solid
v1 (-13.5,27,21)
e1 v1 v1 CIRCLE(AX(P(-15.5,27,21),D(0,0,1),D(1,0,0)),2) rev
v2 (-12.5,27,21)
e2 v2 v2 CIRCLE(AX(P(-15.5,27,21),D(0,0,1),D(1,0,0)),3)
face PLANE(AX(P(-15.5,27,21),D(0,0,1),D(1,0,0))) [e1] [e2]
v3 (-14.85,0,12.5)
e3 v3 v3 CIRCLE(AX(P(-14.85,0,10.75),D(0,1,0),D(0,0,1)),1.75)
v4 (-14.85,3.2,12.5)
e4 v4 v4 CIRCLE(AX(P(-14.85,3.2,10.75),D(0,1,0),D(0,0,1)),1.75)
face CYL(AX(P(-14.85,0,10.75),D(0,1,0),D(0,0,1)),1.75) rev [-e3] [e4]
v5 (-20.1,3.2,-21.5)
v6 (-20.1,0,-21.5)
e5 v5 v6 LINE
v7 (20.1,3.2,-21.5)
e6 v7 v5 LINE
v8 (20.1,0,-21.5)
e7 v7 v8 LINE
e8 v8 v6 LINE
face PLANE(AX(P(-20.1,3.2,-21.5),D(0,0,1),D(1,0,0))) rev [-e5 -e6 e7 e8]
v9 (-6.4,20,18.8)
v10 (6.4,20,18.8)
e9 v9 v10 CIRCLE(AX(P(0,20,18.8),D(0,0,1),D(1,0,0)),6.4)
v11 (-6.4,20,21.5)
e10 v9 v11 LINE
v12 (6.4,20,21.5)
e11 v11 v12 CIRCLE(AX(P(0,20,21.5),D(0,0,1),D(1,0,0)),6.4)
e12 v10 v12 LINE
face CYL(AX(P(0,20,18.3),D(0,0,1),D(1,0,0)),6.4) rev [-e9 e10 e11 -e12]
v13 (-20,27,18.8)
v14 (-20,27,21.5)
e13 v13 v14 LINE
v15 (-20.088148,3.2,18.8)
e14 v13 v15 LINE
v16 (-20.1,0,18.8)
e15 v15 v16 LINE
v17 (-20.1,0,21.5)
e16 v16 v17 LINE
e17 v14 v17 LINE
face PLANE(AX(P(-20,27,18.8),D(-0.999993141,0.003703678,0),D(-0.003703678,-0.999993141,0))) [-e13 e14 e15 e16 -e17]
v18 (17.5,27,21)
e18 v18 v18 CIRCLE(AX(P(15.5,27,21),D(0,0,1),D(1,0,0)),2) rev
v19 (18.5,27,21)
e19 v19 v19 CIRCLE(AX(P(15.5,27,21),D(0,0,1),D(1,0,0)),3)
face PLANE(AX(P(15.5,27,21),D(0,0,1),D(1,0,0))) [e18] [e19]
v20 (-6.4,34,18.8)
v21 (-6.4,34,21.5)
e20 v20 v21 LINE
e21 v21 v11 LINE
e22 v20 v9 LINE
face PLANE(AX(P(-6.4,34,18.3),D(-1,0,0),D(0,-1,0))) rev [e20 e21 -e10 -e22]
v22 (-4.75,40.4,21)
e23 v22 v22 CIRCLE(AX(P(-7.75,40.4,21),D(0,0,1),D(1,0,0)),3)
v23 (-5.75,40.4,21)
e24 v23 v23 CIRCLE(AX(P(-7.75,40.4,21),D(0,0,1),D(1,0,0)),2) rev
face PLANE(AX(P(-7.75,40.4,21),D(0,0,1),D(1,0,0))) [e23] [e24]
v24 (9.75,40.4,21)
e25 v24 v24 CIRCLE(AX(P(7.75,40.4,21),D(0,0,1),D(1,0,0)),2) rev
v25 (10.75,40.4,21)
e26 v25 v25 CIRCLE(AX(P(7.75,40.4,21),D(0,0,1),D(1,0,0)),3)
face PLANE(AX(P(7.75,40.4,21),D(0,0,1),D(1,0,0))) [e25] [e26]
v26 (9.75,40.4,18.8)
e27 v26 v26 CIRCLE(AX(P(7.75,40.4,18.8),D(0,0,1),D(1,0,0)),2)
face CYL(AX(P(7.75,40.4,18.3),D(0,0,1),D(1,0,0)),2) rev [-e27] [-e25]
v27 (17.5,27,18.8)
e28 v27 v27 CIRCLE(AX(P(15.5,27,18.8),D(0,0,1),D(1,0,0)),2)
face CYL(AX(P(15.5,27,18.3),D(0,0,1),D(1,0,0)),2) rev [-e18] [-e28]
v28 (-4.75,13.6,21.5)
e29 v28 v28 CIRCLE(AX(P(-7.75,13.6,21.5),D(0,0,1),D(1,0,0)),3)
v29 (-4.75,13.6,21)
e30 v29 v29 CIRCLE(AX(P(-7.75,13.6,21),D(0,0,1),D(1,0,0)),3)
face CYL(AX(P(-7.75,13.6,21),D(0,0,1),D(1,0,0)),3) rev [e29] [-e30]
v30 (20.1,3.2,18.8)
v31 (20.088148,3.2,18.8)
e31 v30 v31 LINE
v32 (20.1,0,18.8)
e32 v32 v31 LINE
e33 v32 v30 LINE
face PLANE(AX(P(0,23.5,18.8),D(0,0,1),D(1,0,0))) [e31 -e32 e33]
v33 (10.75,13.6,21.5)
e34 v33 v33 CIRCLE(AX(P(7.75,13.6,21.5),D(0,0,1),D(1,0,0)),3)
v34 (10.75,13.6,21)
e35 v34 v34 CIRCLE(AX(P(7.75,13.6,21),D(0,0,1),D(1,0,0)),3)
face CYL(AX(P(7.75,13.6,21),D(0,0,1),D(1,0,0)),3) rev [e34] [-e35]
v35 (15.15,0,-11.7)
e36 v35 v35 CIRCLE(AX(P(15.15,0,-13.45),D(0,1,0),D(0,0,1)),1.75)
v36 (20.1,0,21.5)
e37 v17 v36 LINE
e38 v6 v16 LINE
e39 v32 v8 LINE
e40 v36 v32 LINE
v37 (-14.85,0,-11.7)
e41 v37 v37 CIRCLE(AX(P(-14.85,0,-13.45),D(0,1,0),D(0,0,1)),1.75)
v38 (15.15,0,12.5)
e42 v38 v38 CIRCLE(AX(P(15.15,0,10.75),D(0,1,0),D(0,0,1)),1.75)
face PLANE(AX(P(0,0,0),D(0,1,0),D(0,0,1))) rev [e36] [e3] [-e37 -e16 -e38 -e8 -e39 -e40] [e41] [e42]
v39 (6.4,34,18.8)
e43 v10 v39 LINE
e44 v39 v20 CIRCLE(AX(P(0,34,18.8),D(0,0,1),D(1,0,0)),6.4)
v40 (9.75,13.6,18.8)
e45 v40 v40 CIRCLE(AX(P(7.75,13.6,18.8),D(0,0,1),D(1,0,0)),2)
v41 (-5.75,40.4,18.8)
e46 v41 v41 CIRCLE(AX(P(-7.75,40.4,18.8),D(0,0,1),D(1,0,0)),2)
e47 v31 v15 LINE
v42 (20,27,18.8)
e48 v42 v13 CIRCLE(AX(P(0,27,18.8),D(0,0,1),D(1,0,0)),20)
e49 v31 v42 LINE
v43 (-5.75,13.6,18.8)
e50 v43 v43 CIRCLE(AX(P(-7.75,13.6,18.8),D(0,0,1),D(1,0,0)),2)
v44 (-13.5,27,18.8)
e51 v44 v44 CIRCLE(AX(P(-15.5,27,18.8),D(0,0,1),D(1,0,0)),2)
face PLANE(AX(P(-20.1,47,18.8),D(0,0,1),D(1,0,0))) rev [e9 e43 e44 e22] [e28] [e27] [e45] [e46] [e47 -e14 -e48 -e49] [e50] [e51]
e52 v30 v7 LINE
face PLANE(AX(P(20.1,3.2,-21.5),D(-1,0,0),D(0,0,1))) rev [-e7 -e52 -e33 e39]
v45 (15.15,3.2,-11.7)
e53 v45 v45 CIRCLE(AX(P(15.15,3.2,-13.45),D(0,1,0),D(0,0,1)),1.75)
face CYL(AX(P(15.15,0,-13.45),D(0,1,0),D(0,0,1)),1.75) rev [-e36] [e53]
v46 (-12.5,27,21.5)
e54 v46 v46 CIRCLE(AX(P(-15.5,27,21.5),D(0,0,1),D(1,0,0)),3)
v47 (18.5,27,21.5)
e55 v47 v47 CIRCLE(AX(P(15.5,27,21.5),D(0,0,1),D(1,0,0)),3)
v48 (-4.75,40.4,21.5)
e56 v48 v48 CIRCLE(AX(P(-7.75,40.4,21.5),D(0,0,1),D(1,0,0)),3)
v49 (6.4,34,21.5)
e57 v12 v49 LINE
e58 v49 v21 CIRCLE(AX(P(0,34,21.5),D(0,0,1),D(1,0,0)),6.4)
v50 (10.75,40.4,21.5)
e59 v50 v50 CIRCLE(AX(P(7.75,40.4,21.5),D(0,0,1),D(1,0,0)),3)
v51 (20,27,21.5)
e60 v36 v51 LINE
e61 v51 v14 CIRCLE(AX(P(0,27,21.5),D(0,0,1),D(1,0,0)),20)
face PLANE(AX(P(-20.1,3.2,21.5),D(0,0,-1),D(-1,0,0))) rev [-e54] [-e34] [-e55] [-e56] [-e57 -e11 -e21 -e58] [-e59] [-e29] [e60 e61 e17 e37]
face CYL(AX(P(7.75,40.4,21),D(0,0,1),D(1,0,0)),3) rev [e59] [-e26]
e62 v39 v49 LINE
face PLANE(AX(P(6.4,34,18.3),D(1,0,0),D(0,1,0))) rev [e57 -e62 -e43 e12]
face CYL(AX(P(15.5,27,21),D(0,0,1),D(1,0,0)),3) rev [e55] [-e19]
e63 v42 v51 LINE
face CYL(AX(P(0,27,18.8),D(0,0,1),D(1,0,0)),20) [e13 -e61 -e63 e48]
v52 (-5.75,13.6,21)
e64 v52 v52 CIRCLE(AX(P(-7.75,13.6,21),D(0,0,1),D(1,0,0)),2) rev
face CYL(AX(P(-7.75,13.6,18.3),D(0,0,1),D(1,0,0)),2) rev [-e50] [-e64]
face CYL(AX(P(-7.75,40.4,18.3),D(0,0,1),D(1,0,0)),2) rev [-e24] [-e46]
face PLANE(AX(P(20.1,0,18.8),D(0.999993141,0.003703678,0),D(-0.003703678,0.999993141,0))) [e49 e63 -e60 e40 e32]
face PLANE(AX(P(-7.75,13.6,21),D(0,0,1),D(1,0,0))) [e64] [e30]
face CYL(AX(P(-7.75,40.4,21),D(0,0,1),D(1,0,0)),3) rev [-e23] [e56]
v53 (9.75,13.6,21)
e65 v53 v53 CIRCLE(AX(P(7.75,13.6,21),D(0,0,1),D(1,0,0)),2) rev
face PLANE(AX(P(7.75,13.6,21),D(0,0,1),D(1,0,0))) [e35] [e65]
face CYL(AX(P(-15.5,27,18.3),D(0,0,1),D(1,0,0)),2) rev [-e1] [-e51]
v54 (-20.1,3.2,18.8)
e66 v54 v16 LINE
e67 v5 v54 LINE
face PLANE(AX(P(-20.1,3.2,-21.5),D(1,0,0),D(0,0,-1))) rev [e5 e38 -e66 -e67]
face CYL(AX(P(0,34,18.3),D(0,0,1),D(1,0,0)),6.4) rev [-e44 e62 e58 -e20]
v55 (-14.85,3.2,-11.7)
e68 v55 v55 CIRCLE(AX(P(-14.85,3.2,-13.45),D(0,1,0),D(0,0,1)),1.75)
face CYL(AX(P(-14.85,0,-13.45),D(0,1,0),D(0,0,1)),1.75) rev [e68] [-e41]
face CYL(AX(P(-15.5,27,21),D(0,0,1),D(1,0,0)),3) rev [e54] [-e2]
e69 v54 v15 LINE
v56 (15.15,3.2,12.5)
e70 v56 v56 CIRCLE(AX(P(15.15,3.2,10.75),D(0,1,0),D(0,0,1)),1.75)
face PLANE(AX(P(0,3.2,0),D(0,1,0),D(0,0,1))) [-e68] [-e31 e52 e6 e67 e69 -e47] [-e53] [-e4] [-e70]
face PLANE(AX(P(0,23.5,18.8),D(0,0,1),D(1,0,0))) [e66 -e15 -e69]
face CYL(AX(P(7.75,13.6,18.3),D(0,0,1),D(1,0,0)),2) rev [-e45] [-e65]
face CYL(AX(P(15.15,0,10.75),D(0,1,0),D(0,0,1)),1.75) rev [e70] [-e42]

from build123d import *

# Parameters (mm, degrees)
SKETCH_1_W          = 40.2
SKETCH_1_H          = 43
EXTRUDE_1_DEPTH     = 3.2
SKETCH_3_W          = 40.2
SKETCH_3_H          = 2.7
EXTRUDE_3_DEPTH     = 43.8
SKETCH_4_OUTSIDE_W  = 57.266
SKETCH_4_OUTSIDE_H  = 64.066
CUT_EXTRUDE_2_DEPTH = 2.7
SKETCH_5_R          = 1.75
CUT_EXTRUDE_3_DEPTH = 53.770256774
CUT_EXTRUDE_4_DEPTH = 3.2
SKETCH_7_R          = 2
CUT_EXTRUDE_5_DEPTH = 3.2
SKETCH_8_R          = 3
CUT_EXTRUDE_6_DEPTH = 0.5


with BuildPart() as part:
    # 草图1 → 凸台-拉伸1 (new body)
    with BuildSketch(Plane(origin=(0, 0, 0), x_dir=(1, 0, 0), z_dir=(0, 1, 0))):
        Rectangle(SKETCH_1_W, SKETCH_1_H)
    extrude(amount=EXTRUDE_1_DEPTH)

    # 草图3 → 凸台-拉伸3 (add)
    with BuildSketch(Plane(origin=(0, 3.2, 0), x_dir=(1, 0, 0), z_dir=(0, 1, 0))):
        with Locations((0, -20.15)):
            Rectangle(SKETCH_3_W, SKETCH_3_H)
    extrude(amount=EXTRUDE_3_DEPTH)

    # 草图4 outside → 切除-拉伸2 (cut)
    with BuildSketch(Plane.XY.offset(21.5)):
        with Locations((0, 23.5)):
            Rectangle(SKETCH_4_OUTSIDE_W, SKETCH_4_OUTSIDE_H)
        with BuildLine():
            Line((-20, 27), (-20.1, 0))
            Line((-20.1, 0), (20.1, 0))
            Line((20.1, 0), (20, 27))
            ThreePointArc((20, 27), (0, 47), (-20, 27))
        make_face(mode=Mode.SUBTRACT)
    extrude(amount=-CUT_EXTRUDE_2_DEPTH, mode=Mode.SUBTRACT)

    # 草图5 → 切除-拉伸3 (cut, through all)
    with BuildSketch(Plane(origin=(0, 3.2, 0), x_dir=(1, 0, 0), z_dir=(0, 1, 0))):
        with Locations(Location((-14.85, 13.45, 0), (0, 0, 270))):
            Circle(SKETCH_5_R)
        with Locations(Location((15.15, -10.75, 0), (0, 0, 270))):
            Circle(SKETCH_5_R)
        with Locations(Location((-14.85, -10.75, 0), (0, 0, 270))):
            Circle(SKETCH_5_R)
        with Locations(Location((15.15, 13.45, 0), (0, 0, 270))):
            Circle(SKETCH_5_R)
    extrude(amount=-CUT_EXTRUDE_3_DEPTH, mode=Mode.SUBTRACT)

    # 草图6 → 切除-拉伸4 (cut)
    with BuildSketch(Plane.XY.offset(21.5)):
        with BuildLine():
            Line((-6.4, 34), (-6.4, 20))
            ThreePointArc((-6.4, 20), (0, 13.6), (6.4, 20))
            Line((6.4, 20), (6.4, 34))
            ThreePointArc((6.4, 34), (0, 40.4), (-6.4, 34))
        make_face()
    extrude(amount=-CUT_EXTRUDE_4_DEPTH, mode=Mode.SUBTRACT)

    # 草图7 → 切除-拉伸5 (cut)
    with BuildSketch(Plane.XY.offset(21.5)):
        with Locations((-7.75, 40.4)):
            Circle(SKETCH_7_R)
        with Locations((7.75, 40.4)):
            Circle(SKETCH_7_R)
        with Locations((-15.5, 27)):
            Circle(SKETCH_7_R)
        with Locations((15.5, 27)):
            Circle(SKETCH_7_R)
        with Locations((-7.75, 13.6)):
            Circle(SKETCH_7_R)
        with Locations((7.75, 13.6)):
            Circle(SKETCH_7_R)
    extrude(amount=-CUT_EXTRUDE_5_DEPTH, mode=Mode.SUBTRACT)

    # 草图8 → 切除-拉伸6 (cut)
    with BuildSketch(Plane.XY.offset(21.5)):
        with Locations((-7.75, 40.4)):
            Circle(SKETCH_8_R)
        with Locations((7.75, 40.4)):
            Circle(SKETCH_8_R)
        with Locations((-15.5, 27)):
            Circle(SKETCH_8_R)
        with Locations((15.5, 27)):
            Circle(SKETCH_8_R)
        with Locations((-7.75, 13.6)):
            Circle(SKETCH_8_R)
        with Locations((7.75, 13.6)):
            Circle(SKETCH_8_R)
    extrude(amount=-CUT_EXTRUDE_6_DEPTH, mode=Mode.SUBTRACT)


solid = part.part
